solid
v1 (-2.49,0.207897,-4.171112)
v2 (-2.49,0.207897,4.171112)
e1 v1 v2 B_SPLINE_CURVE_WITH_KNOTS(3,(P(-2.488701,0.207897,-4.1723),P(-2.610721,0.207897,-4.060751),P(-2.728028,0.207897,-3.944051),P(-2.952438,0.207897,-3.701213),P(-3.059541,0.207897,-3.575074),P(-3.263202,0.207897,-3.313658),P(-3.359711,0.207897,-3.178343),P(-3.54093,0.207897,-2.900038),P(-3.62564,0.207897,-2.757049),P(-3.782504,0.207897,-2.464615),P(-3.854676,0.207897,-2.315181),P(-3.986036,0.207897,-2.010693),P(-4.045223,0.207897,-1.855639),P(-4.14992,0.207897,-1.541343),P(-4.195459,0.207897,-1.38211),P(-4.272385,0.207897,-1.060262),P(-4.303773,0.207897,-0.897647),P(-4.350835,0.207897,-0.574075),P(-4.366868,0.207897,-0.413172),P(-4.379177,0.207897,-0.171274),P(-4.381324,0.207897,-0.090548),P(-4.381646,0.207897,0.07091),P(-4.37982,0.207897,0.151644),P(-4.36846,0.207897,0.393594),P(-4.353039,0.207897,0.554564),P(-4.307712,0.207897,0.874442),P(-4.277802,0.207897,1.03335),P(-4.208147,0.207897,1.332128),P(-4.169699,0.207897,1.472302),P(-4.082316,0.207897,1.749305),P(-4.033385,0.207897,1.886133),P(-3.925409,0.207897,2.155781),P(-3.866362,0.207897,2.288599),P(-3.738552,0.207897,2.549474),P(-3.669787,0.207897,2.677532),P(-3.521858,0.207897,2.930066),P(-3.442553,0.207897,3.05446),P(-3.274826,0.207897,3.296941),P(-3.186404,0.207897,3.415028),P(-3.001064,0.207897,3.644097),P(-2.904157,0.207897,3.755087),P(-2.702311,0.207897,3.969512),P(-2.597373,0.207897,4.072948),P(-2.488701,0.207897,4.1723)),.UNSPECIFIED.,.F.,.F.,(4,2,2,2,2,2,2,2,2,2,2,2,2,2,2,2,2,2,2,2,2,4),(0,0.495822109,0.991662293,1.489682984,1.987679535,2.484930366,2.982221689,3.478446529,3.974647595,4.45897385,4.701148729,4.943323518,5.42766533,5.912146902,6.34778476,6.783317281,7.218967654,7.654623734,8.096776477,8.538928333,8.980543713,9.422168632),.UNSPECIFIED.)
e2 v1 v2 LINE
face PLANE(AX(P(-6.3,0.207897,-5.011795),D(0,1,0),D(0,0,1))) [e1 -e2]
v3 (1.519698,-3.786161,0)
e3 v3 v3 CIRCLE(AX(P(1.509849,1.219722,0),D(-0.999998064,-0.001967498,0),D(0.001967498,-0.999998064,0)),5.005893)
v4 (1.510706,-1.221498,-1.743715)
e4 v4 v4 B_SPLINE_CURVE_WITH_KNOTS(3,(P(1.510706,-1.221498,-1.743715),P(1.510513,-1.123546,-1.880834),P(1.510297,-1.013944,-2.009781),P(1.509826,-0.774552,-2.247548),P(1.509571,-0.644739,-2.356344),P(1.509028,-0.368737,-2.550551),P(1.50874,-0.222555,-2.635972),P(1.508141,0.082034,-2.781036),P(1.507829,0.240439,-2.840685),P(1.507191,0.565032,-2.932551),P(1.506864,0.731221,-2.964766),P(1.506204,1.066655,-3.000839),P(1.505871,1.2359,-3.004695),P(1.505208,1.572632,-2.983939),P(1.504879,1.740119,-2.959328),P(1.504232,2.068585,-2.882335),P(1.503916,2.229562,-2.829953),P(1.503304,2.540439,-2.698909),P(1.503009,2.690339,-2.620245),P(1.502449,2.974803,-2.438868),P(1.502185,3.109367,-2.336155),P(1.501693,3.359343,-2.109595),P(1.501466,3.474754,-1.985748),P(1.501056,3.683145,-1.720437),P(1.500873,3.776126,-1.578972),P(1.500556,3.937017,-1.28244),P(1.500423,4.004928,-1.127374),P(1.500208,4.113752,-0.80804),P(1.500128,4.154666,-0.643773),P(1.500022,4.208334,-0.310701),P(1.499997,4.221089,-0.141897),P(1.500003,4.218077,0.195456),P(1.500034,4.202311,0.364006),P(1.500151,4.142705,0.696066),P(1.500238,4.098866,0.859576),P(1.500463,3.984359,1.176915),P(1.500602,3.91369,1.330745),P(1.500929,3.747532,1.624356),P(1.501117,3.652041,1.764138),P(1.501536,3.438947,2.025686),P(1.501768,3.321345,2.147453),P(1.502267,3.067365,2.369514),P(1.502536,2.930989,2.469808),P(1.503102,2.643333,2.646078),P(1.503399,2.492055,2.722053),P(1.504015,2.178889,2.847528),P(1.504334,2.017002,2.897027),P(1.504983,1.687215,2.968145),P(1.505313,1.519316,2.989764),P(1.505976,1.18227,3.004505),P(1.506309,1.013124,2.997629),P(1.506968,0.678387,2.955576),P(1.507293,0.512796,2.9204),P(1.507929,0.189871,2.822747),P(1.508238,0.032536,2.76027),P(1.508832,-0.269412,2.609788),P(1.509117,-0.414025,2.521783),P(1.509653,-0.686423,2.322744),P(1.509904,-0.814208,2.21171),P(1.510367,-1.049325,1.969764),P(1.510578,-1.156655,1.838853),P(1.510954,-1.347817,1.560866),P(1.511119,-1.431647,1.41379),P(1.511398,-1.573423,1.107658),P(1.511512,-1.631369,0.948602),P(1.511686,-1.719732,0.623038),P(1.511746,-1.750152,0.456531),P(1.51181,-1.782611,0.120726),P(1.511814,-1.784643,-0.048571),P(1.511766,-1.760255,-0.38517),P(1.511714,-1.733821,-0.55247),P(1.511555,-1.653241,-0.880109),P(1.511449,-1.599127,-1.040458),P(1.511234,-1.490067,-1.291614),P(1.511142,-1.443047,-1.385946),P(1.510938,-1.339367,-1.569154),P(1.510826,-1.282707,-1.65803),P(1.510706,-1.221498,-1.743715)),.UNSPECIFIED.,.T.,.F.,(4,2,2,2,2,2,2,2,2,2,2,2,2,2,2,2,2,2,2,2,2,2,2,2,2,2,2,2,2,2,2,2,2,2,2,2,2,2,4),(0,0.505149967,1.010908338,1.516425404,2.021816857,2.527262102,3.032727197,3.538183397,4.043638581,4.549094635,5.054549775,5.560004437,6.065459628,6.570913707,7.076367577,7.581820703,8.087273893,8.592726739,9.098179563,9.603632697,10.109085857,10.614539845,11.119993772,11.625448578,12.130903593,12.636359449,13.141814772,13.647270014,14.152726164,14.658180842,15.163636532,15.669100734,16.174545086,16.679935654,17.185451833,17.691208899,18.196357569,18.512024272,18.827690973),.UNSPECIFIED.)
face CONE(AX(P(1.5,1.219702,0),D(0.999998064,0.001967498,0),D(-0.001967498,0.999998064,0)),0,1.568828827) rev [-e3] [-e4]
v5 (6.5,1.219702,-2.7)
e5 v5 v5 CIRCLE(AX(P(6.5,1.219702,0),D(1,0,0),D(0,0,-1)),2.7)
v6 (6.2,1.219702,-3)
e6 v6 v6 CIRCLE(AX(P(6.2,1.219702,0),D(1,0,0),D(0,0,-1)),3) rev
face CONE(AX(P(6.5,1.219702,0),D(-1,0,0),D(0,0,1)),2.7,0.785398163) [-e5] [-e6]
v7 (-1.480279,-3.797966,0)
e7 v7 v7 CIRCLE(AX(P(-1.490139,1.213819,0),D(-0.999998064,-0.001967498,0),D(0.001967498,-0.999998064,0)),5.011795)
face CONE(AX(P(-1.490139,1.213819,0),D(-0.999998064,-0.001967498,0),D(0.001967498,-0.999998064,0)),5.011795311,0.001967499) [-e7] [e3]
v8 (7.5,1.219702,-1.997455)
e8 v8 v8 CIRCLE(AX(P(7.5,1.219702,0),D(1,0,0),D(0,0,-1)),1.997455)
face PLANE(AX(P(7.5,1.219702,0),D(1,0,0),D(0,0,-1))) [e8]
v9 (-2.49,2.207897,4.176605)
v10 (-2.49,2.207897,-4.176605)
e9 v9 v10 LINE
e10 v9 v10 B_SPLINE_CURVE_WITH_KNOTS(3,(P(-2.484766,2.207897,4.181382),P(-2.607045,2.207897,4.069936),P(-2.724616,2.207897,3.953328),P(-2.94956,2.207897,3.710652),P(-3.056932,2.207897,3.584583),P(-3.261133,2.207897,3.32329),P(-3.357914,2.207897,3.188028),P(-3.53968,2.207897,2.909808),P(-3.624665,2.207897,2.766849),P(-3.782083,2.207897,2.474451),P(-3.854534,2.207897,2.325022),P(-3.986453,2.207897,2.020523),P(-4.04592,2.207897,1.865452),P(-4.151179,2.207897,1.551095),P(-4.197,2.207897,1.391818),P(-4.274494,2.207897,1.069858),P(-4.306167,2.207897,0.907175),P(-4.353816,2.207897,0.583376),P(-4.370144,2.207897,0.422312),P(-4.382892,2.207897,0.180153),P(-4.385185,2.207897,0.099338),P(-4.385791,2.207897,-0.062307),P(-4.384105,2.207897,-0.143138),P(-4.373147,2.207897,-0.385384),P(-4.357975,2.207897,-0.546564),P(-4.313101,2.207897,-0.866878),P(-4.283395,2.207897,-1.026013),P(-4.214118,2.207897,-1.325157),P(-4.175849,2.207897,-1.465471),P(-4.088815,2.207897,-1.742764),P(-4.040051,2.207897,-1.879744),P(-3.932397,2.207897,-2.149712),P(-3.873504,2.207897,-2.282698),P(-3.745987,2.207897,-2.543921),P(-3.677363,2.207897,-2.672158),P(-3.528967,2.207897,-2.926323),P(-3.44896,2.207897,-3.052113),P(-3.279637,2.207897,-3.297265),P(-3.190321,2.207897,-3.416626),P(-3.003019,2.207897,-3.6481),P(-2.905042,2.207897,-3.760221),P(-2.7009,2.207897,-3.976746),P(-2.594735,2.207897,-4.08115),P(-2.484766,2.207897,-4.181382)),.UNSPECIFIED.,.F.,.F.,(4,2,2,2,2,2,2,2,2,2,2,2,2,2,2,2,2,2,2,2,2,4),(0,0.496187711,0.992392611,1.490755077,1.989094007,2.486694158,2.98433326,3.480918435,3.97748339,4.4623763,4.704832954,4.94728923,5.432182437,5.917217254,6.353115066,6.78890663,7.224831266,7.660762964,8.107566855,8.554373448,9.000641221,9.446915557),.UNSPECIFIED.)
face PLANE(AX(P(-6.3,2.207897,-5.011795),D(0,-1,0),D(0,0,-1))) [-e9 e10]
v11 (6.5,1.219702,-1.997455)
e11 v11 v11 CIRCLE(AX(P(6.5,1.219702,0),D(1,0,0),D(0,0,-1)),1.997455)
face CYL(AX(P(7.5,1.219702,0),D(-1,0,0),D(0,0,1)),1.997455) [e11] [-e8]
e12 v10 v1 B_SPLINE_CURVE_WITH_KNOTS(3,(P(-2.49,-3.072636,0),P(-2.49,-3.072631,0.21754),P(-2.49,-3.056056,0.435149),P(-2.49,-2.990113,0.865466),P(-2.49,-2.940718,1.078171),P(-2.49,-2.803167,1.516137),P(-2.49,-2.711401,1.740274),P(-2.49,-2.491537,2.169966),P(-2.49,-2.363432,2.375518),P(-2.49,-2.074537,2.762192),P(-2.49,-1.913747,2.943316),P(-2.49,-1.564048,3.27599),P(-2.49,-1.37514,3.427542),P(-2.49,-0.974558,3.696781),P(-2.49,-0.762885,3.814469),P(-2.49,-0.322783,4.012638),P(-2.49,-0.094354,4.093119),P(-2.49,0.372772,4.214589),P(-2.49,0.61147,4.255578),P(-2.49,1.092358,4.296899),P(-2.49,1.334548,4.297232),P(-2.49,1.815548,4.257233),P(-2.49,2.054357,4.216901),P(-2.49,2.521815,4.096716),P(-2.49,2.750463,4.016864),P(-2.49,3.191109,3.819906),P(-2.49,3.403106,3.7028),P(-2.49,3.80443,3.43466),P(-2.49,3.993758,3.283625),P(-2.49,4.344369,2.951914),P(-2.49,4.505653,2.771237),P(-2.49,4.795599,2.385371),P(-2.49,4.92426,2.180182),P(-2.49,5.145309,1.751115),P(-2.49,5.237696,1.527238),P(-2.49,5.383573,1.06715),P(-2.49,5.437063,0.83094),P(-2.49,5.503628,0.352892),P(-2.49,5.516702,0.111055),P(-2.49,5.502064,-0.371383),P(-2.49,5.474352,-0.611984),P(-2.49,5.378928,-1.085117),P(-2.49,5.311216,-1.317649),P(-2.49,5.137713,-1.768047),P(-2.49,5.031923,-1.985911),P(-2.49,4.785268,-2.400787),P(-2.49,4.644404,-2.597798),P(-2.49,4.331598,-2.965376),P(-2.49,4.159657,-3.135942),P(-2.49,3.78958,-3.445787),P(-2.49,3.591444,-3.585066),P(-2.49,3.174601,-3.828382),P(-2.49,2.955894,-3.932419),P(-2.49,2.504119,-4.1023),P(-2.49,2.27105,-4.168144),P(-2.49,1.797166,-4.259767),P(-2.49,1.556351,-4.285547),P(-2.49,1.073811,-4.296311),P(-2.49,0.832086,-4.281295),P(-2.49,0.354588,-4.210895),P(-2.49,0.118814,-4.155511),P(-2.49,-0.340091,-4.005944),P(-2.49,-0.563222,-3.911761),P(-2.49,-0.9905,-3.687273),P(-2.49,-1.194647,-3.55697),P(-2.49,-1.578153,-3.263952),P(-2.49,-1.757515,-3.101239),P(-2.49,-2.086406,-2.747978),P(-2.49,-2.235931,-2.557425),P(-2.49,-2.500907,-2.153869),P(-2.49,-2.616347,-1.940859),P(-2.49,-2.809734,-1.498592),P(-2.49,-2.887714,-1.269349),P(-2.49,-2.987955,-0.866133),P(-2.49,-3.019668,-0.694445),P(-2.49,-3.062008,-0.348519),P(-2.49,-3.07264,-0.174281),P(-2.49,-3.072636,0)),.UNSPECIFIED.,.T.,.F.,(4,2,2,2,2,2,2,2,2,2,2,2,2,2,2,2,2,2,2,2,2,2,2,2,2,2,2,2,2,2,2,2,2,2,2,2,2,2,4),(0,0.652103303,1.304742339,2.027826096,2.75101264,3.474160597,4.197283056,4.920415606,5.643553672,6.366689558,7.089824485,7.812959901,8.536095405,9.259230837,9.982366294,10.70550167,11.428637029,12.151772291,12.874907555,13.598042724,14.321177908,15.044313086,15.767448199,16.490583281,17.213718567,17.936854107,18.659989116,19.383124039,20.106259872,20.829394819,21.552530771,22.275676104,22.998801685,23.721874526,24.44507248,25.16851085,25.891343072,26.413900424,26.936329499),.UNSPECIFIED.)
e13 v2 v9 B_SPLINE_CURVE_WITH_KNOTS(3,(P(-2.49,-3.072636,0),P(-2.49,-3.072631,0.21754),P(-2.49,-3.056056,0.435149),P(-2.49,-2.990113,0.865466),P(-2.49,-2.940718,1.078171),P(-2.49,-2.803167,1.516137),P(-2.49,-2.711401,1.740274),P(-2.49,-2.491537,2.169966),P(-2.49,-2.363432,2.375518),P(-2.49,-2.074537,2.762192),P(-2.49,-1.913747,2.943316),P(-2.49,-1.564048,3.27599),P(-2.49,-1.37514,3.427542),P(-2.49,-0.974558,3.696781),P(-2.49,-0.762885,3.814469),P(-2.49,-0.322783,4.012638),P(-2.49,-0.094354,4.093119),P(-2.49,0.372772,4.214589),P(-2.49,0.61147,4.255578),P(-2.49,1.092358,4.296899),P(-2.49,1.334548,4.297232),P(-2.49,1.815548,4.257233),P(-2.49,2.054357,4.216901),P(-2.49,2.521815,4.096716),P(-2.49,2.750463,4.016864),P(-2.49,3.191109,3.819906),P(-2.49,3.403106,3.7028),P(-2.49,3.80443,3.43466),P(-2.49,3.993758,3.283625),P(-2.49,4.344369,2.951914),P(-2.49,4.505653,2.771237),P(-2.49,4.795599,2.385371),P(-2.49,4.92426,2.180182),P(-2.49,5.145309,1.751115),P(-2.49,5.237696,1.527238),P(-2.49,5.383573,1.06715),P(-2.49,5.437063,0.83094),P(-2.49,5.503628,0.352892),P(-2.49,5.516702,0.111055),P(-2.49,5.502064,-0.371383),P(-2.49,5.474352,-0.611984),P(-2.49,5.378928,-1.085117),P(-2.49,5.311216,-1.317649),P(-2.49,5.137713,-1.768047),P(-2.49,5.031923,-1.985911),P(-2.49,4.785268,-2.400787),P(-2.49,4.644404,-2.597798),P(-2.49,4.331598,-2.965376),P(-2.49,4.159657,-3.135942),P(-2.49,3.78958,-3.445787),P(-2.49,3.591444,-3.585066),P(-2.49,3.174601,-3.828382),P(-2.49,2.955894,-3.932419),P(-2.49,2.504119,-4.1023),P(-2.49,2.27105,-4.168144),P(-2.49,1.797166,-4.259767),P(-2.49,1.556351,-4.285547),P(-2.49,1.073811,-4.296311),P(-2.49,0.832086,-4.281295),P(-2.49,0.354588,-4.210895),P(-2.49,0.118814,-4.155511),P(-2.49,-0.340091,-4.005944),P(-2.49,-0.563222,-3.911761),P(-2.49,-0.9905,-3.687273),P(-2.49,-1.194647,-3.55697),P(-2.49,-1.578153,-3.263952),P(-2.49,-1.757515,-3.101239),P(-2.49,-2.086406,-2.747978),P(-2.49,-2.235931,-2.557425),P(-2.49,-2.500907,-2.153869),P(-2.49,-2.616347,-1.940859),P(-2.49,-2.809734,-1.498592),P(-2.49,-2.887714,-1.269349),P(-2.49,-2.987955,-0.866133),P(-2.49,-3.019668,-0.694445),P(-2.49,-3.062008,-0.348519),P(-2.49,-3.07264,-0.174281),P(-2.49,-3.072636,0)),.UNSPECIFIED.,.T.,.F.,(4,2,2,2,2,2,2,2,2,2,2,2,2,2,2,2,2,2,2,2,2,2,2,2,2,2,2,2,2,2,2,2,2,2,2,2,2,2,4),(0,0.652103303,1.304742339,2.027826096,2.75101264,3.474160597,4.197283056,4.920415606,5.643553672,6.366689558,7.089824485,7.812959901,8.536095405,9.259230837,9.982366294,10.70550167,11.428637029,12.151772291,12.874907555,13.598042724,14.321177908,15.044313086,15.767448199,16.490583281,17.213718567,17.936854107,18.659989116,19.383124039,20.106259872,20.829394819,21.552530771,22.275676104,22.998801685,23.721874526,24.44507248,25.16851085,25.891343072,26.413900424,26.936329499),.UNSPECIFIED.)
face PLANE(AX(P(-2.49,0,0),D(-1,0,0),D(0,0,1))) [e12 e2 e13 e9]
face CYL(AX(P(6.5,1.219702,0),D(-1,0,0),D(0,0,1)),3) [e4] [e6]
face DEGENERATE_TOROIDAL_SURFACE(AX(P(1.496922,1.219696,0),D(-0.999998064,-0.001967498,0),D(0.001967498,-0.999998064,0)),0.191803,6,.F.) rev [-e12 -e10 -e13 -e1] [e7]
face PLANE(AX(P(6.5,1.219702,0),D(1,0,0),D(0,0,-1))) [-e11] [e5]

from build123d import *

# Parameters (mm, degrees)
CUT_EXTRUDE2_DEPTH      = 2
CUT_EXTRUDE2_DEPTH_BACK = 1.81
SKETCH16_W              = 10.023590622
SKETCH16_H              = 2
SKETCH25_R              = 3
BOSS_EXTRUDE4_DEPTH     = 5
CHAMFER1_SIZE           = 0.3
SKETCH43_R              = 1.997454852
BOSS_EXTRUDE6_DEPTH     = 1


with BuildPart() as part:
    # Sketch2 → Revolve2 (revolve)
    with BuildSketch(Plane.XY):
        with BuildLine():
            ThreePointArc((-1.5, 6.225604788), (-3.652462654, 4.106847096), (-4.5, 1.207897271))
            Line((-4.5, 1.207897271), (-1.5, 1.213799777))
            Line((-1.5, 1.213799777), (-1.5, 6.225604788))
        make_face()
        Polygon((-1.5, 6.225604788), (-1.5, 1.213799777), (1.5, 1.219702283), (1.5, 6.225604788), align=None)
    revolve(axis=Axis((-4.5, 1.207897271, 0), (0.9999980644737863, 0.0019674980765590857, 0)))

    # Sketch16 → Cut-Extrude2 (cut, two sides: drawn at the far end of the back side and taken through both)
    with BuildSketch(Plane.ZY.offset(4.3).offset(-CUT_EXTRUDE2_DEPTH_BACK)):
        with Locations((0, 1.207897271)):
            Rectangle(SKETCH16_W, SKETCH16_H)
    extrude(amount=CUT_EXTRUDE2_DEPTH + CUT_EXTRUDE2_DEPTH_BACK, mode=Mode.SUBTRACT)

    # Sketch25 → Boss-Extrude4 (add)
    with BuildSketch(Plane(origin=(1.5, 0, 0), x_dir=(0, 0, -1), z_dir=(1, 0, 0))):
        with Locations(Location((0, 1.219702283, 0), (0, 0, 305.537696461))):
            Circle(SKETCH25_R)
    extrude(amount=BOSS_EXTRUDE4_DEPTH)

    # Chamfer1
    chamfer1_edges = [part.edges().sort_by_distance(p)[0] for p in [
        (6.5, 3.660902128, 1.743715377),
    ]]
    chamfer(chamfer1_edges, length=CHAMFER1_SIZE)

    # Sketch43 → Boss-Extrude6 (add)
    with BuildSketch(Plane(origin=(6.5, 0, 0), x_dir=(0, 0, -1), z_dir=(1, 0, 0))):
        with Locations((0, 1.219702283)):
            Circle(SKETCH43_R)
    extrude(amount=BOSS_EXTRUDE6_DEPTH)


solid = part.part
